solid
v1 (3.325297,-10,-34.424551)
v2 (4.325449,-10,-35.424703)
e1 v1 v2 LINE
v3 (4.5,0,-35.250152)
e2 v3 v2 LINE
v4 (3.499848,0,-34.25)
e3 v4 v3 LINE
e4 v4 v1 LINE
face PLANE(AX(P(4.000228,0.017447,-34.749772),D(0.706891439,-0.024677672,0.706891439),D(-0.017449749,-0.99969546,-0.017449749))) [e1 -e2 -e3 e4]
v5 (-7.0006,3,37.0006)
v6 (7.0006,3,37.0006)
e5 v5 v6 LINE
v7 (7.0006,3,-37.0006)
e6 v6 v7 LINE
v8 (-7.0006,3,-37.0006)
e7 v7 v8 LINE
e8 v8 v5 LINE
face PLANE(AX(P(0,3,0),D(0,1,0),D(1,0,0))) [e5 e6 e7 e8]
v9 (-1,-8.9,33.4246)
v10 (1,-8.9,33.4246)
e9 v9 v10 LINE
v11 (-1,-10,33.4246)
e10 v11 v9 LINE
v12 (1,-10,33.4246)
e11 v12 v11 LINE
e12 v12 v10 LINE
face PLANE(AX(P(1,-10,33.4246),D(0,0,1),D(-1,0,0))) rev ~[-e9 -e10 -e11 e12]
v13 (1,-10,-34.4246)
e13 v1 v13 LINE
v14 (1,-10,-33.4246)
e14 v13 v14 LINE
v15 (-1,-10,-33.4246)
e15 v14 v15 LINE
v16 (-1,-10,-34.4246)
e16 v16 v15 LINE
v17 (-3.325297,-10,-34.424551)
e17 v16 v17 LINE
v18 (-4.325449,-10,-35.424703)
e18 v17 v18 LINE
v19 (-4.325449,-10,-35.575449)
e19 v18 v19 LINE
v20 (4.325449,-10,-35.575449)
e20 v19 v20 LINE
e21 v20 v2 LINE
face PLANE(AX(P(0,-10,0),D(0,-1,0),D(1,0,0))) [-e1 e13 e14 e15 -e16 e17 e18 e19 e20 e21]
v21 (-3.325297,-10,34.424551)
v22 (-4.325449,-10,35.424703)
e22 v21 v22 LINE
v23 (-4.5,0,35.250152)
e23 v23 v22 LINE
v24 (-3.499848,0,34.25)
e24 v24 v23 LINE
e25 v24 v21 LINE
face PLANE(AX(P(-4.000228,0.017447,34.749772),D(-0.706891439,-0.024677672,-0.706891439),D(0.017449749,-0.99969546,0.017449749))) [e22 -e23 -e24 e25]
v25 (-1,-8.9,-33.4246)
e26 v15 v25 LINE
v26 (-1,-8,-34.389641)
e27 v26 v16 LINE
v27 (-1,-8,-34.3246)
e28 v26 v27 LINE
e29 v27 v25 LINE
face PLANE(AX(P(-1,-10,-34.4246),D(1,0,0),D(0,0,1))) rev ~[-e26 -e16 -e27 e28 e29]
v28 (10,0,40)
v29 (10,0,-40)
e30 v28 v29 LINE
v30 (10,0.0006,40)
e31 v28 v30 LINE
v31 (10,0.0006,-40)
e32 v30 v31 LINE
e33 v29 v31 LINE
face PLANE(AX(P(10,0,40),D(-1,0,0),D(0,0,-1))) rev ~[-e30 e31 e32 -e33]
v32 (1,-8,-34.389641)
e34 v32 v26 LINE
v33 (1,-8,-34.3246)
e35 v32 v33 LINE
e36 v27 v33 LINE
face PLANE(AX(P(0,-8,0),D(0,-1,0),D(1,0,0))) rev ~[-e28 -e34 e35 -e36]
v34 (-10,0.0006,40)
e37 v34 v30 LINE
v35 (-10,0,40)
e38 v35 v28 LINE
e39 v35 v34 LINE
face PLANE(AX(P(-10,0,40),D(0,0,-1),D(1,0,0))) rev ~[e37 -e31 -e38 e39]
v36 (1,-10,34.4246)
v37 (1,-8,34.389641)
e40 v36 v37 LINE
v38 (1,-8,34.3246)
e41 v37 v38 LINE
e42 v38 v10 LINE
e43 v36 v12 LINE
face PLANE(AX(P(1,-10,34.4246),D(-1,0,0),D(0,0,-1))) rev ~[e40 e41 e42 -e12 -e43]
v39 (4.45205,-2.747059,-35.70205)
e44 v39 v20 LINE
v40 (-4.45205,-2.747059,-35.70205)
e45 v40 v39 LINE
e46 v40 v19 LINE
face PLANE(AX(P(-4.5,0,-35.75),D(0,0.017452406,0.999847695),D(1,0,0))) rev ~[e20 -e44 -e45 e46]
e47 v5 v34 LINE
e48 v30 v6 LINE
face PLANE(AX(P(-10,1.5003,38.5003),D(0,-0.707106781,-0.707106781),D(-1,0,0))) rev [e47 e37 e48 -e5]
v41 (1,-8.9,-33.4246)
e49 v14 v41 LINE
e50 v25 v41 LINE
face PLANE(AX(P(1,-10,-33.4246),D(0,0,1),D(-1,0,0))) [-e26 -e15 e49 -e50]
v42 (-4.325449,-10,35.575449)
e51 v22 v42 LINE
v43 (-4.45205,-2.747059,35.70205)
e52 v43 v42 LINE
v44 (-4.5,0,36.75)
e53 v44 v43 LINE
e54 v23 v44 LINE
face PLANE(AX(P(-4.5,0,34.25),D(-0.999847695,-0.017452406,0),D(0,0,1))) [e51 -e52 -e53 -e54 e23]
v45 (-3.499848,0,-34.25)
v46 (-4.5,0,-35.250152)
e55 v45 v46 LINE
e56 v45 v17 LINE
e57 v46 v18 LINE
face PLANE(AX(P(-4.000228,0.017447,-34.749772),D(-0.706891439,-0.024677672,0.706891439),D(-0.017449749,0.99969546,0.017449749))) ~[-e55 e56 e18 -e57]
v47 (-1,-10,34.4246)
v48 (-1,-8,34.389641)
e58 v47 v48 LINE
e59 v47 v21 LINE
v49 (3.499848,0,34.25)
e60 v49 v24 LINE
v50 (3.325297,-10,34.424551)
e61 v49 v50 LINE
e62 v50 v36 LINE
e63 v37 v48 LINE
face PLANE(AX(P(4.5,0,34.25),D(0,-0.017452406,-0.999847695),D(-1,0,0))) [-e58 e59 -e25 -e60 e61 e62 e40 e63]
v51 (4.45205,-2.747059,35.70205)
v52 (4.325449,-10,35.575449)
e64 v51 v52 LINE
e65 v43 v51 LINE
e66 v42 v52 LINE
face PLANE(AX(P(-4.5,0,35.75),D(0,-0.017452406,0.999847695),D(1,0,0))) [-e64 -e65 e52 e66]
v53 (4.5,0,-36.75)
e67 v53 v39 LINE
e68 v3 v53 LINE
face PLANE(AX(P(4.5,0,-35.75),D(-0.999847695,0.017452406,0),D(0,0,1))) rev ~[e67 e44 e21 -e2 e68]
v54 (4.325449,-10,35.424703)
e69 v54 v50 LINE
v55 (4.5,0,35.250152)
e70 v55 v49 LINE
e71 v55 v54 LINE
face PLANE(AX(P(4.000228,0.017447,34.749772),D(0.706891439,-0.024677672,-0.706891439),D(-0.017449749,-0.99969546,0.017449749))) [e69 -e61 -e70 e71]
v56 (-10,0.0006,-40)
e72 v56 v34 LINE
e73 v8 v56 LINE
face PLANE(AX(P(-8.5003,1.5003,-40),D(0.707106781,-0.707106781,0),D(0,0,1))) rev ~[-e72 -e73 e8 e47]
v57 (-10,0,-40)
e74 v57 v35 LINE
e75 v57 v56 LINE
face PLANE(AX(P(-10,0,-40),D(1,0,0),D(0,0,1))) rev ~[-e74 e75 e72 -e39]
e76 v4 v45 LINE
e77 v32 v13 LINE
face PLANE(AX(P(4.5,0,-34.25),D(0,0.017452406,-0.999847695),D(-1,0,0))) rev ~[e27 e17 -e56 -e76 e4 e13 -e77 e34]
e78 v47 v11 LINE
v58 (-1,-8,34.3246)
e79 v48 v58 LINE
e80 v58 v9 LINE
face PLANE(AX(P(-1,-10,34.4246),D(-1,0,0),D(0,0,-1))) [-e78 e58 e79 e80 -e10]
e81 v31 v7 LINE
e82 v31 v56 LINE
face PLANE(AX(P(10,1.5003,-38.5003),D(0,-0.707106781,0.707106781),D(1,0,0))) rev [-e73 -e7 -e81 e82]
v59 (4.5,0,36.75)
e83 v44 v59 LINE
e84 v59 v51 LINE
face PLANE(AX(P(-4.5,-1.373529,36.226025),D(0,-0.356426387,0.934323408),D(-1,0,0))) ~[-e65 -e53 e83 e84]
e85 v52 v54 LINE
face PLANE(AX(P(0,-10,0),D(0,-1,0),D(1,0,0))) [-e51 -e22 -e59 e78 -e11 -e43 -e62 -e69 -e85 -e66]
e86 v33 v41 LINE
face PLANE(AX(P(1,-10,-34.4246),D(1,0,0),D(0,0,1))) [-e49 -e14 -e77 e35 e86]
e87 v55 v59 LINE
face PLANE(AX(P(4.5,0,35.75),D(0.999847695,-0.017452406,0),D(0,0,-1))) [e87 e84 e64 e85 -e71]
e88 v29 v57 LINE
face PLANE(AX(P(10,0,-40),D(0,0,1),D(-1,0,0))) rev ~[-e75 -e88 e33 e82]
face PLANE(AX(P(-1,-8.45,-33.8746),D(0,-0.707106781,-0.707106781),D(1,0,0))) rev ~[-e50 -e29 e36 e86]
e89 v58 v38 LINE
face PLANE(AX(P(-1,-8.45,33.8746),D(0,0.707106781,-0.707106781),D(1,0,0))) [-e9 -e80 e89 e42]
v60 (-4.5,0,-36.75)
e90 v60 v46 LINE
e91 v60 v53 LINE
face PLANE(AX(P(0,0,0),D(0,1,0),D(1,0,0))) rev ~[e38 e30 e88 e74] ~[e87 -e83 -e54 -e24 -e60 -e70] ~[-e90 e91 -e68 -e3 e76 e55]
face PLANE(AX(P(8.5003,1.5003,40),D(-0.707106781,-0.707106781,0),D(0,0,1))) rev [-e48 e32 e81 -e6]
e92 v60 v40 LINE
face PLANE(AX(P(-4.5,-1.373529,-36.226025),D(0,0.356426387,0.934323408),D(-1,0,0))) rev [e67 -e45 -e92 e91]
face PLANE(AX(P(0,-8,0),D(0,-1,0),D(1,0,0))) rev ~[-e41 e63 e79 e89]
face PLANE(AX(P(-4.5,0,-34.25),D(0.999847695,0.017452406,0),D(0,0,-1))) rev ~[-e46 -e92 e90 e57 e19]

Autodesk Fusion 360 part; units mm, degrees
sketch "Sketch1" plane through (0, 0, 0) normal (0, 1, 0) x (1, 0, 0)
  line L0 (10, 40) -> (-10, 40)
  line L1 (-10, 40) -> (-10, -40)
  line L2 (-10, -40) -> (10, -40)
  line L3 (10, -40) -> (10, 40)
  line L4 (10, 40) -> (-10, -40) construction
  line L5 (-10, 40) -> (10, -40) construction
  dimension "d1" = 20
  dimension "d2" = 80
extrude "Extrude1" add sketch "Sketch1" along normal blind 3
sketch "Sketch2" plane through (0, 0, 0) normal (0, -1, 0) x (1, 0, 0)
  line L0 (10, -40) -> (10, 40)
  line L1 (10, 40) -> (-10, 40)
  line L2 (-10, 40) -> (-10, -40)
  line L3 (-10, -40) -> (10, -40)
  line L4 (0, 48.0121) -> (0, -47.4969) construction
  line L5 (-22.9199, 34) -> (18.1137, 34) construction
  line L6 (-4.5, 35.75) -> (4.5, 35.75)
  line L7 (4.5, 35.75) -> (4.5, 34.25)
  line L8 (4.5, 34.25) -> (-4.5, 34.25)
  line L9 (-4.5, 34.25) -> (-4.5, 35.75)
  line L10 (29.4296, -34) -> (-24.7341, -34) construction
  line L11 (-4.5, -35.75) -> (4.5, -35.75)
  line L12 (4.5, -35.75) -> (4.5, -34.25)
  line L13 (4.5, -34.25) -> (-4.5, -34.25)
  line L14 (-4.5, -34.25) -> (-4.5, -35.75)
  dimension "d5" = 6
  dimension "d6" = 9
  dimension "d7" = 0.25
  dimension "d8" = 10
  dimension "d9" = 4.5
  dimension "d10" = 6
  dimension "d11" = 9
  dimension "d12" = 1.5
  dimension "d13" = 1.5
  dimension "d14" = 0.25
  dimension "d15" = 4.5
extrude "Extrude2" add sketch "Sketch2" along normal blind 10 draft -1 contours L6 L7 L8 L9 | L11 L12 L13 L14
chamfer "Chamfer1" distance 3 angle 45 4 edges at (-10, 3, 0) (0, 3, -40) (10, 3, 0) (0, 3, 40)
chamfer "Chamfer2" distance 1 angle 45 4 edges at (-4.4127, -5, -34.3373) (4.4127, -5, -34.3373) (-4.4127, -5, 34.3373) (4.4127, -5, 34.3373)
sketch "Sketch5" plane through (0, -10, 0) normal (0, -1, 0) x (1, 0, 0)
  line L0 (3.3253, 34.4246) -> (4.3254, 35.4247)
  line L1 (4.3254, 35.4247) -> (4.3254, 35.5754)
  line L2 (4.3254, 35.5754) -> (-4.3254, 35.5754)
  line L3 (-4.3254, 35.5754) -> (-4.3254, 35.4247)
  line L4 (-4.3254, 35.4247) -> (-3.3253, 34.4246)
  line L5 (-3.3253, 34.4246) -> (3.3253, 34.4246)
  line L6 (0, 34.4246) -> (1, 34.4246)
  line L7 (1, 34.4246) -> (1, 33.4246)
  line L8 (1, 33.4246) -> (0, 33.4246)
  line L9 (0, 33.4246) -> (0, 34.4246)
  line L10 (0, 34.4246) -> (-1, 34.4246)
  line L11 (-1, 34.4246) -> (-1, 33.4246)
  line L12 (-1, 33.4246) -> (0, 33.4246)
  line L13 (0, 33.4246) -> (0, 34.4246)
  dimension "d29" = 1
  dimension "d30" = 1
  dimension "d31" = 1
sketch "Sketch6" plane through (0, -10, 0) normal (0, -1, 0) x (1, 0, 0)
  line L0 (4.3254, -35.4247) -> (3.3253, -34.4246)
  line L1 (3.3253, -34.4246) -> (-3.3253, -34.4246)
  line L2 (-3.3253, -34.4246) -> (-4.3254, -35.4247)
  line L3 (-4.3254, -35.4247) -> (-4.3254, -35.5754)
  line L4 (-4.3254, -35.5754) -> (4.3254, -35.5754)
  line L5 (4.3254, -35.5754) -> (4.3254, -35.4247)
  line L6 (0, -34.4246) -> (1, -34.4246)
  line L7 (1, -34.4246) -> (1, -33.4246)
  line L8 (1, -33.4246) -> (0, -33.4246)
  line L9 (0, -33.4246) -> (0, -34.4246)
  line L10 (0, -34.4246) -> (-1, -34.4246)
  line L11 (-1, -34.4246) -> (-1, -33.4246)
  line L12 (-1, -33.4246) -> (0, -33.4246)
  line L13 (0, -33.4246) -> (0, -34.4246)
  dimension "d32" = 1
  dimension "d33" = 1
  dimension "d34" = 1
extrude "Extrude4" add sketch "Sketch5" sketch "Sketch6" against normal blind 2 contours L5 L6 L7 L8 L9 L13 | L5 L9 L10 L11 L12 L13 of sketch 2 contours L1 L6 L7 L8 L9 L13 | L1 L9 L10 L11 L12 L13
chamfer "Chamfer4" distance 0.9 angle 45 2 edges at (0, -8, -33.4246) (0, -8, 33.4246)
chamfer "Chamfer5" distance 1 angle 70 2 edges at (0, 0, 35.75) (0, 0, -35.75) measured on face at (1.1666, 0, 11.4167) measured on face at (1.1666, 0, 11.4167)
equation "d9 = d6 / 2"
equation "d15 = d11 / 2"
